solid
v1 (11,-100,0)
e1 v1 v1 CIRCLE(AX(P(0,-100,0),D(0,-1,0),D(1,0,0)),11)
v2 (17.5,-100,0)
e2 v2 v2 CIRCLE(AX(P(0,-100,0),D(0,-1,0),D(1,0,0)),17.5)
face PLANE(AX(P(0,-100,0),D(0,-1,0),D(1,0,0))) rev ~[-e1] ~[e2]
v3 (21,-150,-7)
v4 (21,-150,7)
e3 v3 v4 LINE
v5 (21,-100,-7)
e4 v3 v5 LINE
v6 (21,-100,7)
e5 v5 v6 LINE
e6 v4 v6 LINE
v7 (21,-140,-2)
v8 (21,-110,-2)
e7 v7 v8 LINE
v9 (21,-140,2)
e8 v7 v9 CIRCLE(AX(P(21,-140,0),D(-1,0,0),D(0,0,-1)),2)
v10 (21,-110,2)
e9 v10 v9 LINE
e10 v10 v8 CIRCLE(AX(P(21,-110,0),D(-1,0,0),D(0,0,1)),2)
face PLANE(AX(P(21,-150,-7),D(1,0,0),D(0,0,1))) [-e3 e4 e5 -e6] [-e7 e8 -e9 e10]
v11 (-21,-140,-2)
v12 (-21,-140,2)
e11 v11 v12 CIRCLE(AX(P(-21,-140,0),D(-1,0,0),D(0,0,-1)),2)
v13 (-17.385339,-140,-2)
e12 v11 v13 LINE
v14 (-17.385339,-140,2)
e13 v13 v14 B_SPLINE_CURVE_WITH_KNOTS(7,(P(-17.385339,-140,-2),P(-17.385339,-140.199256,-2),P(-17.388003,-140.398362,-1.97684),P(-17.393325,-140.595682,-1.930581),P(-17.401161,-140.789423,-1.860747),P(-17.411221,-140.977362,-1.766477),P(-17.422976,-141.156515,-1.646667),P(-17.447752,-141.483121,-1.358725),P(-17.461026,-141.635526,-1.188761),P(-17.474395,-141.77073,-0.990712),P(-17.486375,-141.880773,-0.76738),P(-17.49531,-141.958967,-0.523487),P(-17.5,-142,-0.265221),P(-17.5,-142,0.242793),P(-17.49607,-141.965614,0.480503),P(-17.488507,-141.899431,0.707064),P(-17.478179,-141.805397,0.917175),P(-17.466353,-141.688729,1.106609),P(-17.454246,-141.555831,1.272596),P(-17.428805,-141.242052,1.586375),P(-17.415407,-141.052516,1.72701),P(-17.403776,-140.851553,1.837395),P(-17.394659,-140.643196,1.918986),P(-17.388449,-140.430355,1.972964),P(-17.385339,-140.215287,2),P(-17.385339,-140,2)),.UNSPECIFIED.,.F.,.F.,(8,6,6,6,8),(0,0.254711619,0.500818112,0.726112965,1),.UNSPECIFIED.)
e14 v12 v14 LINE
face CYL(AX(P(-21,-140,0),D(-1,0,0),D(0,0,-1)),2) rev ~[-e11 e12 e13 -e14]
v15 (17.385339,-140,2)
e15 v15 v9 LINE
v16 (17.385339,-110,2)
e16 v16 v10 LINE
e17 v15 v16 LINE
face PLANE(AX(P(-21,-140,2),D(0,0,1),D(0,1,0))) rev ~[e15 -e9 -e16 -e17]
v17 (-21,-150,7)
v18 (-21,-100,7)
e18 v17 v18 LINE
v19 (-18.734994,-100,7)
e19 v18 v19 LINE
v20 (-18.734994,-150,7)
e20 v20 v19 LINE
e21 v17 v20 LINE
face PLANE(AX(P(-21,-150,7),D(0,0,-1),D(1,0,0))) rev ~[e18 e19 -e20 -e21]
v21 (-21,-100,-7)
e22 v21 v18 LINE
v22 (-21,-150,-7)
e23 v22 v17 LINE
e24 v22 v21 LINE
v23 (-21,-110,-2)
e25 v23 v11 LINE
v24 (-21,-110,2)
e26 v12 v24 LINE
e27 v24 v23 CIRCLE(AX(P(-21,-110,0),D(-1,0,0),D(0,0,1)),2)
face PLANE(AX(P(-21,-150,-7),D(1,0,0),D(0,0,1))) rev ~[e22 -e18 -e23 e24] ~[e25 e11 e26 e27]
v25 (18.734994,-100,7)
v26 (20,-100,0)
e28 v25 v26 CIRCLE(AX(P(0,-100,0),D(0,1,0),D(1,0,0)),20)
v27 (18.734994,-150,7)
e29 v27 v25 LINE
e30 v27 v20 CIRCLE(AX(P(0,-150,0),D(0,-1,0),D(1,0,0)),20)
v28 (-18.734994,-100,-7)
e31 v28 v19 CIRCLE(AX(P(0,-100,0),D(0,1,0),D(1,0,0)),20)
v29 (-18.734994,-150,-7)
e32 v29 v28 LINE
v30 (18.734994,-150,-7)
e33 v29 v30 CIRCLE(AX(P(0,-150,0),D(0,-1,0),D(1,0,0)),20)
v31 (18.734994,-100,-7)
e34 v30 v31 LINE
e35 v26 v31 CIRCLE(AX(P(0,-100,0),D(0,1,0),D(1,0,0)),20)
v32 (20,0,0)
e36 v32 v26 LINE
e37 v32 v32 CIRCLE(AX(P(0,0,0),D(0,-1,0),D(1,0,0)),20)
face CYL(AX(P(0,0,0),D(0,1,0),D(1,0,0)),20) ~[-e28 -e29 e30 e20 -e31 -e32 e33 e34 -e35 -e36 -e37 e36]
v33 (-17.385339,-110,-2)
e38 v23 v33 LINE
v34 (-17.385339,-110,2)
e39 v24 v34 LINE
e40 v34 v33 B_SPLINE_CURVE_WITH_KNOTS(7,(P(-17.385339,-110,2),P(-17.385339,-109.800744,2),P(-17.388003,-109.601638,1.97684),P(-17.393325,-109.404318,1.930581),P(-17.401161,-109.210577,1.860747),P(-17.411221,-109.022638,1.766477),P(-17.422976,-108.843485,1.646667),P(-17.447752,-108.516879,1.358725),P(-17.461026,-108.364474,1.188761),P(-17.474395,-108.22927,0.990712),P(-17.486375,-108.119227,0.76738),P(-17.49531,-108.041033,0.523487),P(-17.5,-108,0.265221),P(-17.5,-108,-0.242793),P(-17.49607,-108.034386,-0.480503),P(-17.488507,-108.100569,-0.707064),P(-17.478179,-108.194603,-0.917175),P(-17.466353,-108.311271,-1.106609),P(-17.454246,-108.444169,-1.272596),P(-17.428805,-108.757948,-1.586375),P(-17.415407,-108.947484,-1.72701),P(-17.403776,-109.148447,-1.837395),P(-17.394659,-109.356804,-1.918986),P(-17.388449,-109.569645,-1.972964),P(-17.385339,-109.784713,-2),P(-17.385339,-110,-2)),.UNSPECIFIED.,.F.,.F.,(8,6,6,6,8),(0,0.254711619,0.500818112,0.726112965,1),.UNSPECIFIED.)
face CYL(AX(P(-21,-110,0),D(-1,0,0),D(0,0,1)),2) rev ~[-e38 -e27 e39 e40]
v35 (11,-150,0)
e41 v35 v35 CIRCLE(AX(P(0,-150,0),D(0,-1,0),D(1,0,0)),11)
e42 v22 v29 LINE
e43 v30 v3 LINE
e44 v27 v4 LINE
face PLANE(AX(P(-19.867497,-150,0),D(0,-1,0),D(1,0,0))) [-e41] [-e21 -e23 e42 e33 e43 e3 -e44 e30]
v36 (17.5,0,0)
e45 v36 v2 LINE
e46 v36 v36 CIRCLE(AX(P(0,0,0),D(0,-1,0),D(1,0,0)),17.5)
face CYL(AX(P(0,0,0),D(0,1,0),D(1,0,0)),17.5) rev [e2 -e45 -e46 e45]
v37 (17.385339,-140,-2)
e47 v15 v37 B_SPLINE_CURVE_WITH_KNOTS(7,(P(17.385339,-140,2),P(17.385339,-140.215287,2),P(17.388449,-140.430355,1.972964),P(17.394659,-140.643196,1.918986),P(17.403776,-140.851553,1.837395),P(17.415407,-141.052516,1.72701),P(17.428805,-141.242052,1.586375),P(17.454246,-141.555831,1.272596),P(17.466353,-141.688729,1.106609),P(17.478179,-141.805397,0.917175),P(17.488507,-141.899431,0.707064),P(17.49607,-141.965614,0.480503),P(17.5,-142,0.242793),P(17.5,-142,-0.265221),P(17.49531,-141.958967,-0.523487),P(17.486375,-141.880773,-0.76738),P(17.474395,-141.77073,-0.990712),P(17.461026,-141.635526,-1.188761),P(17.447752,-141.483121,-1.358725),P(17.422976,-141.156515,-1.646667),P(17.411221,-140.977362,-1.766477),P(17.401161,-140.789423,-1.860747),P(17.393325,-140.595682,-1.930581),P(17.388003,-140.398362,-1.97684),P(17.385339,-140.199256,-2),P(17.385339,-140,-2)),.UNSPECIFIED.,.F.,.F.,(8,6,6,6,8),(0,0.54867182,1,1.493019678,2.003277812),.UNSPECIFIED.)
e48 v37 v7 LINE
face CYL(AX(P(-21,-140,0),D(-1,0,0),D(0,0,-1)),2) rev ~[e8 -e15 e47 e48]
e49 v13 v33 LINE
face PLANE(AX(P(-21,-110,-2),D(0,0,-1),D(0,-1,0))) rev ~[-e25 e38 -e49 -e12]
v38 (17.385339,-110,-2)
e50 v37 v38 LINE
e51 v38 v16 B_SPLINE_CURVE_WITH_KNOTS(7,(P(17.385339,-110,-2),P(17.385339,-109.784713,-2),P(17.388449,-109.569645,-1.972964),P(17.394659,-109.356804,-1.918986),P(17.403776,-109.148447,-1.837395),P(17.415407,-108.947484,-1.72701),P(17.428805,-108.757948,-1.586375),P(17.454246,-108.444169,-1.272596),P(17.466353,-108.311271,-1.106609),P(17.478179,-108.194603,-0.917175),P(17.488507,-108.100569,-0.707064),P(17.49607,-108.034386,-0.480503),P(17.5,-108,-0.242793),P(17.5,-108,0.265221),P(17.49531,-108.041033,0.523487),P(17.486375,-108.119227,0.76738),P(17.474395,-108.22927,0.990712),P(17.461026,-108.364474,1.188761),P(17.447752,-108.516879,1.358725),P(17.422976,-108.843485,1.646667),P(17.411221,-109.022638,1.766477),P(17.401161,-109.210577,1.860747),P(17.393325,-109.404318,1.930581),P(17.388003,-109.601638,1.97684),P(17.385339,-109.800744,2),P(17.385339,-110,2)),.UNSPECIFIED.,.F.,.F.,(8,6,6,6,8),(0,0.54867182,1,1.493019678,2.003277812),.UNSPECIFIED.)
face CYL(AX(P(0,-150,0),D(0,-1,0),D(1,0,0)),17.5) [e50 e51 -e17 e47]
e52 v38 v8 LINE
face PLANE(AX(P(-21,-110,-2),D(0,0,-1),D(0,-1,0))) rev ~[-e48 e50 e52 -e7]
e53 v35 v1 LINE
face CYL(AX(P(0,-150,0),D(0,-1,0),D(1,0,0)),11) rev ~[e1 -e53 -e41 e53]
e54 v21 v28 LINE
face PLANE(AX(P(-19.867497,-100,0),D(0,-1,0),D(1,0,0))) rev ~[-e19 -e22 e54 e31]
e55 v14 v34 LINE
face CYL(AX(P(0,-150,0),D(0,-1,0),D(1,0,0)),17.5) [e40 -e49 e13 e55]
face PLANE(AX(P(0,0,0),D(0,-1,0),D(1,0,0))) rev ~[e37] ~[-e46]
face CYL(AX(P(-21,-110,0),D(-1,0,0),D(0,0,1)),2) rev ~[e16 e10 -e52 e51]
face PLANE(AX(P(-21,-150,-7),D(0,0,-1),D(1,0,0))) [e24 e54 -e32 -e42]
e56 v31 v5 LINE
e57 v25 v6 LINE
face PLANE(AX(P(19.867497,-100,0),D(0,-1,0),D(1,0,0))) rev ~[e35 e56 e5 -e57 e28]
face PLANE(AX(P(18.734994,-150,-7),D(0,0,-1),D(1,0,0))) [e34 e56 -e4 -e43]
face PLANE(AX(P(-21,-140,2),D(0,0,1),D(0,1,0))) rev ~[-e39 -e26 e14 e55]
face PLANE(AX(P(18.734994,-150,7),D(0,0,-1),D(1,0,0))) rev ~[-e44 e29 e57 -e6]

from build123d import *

# Parameters (mm, degrees)
F0_R     = 20
F0_R_2   = 17.5
F1_DEPTH = 150
F2_W     = 2.265006
F2_H     = 14
F3_DEPTH = 50
F5_DEPTH = 42.001
F6_R     = 17.5
F6_R_2   = 11
F7_DEPTH = 50


with BuildPart() as f1:
    # F0 (on Front) → F1 (new body)
    with BuildSketch(Plane.XZ):
        Circle(F0_R)
        Circle(F0_R_2, mode=Mode.SUBTRACT)
    extrude(amount=F1_DEPTH)

    # F2 (on face) → F3 (join)
    with BuildSketch(Plane.XZ.offset(150)):
        with Locations((-19.867497, 0)):
            Rectangle(F2_W, F2_H)
        with Locations((19.867497, 0)):
            Rectangle(F2_W, F2_H)
    extrude(amount=-F3_DEPTH)

    # F4 (on face) → F5 (cut, through all)
    with BuildSketch(Plane(origin=(-21, 0, 0), x_dir=(0, -1, 0), z_dir=(-1, 0, 0))):
        with BuildLine():
            ThreePointArc((110, 2), (108, 0), (110, -2))
            Line((110, -2), (140, -2))
            ThreePointArc((140, -2), (142, 0), (140, 2))
            Line((140, 2), (110, 2))
        make_face()
    extrude(amount=-F5_DEPTH, mode=Mode.SUBTRACT)

    # F6 (on face) → F7 (join)
    with BuildSketch(Plane.XZ.offset(150)):
        Circle(F6_R)
        Circle(F6_R_2, mode=Mode.SUBTRACT)
    extrude(amount=-F7_DEPTH)


solid = f1.part
